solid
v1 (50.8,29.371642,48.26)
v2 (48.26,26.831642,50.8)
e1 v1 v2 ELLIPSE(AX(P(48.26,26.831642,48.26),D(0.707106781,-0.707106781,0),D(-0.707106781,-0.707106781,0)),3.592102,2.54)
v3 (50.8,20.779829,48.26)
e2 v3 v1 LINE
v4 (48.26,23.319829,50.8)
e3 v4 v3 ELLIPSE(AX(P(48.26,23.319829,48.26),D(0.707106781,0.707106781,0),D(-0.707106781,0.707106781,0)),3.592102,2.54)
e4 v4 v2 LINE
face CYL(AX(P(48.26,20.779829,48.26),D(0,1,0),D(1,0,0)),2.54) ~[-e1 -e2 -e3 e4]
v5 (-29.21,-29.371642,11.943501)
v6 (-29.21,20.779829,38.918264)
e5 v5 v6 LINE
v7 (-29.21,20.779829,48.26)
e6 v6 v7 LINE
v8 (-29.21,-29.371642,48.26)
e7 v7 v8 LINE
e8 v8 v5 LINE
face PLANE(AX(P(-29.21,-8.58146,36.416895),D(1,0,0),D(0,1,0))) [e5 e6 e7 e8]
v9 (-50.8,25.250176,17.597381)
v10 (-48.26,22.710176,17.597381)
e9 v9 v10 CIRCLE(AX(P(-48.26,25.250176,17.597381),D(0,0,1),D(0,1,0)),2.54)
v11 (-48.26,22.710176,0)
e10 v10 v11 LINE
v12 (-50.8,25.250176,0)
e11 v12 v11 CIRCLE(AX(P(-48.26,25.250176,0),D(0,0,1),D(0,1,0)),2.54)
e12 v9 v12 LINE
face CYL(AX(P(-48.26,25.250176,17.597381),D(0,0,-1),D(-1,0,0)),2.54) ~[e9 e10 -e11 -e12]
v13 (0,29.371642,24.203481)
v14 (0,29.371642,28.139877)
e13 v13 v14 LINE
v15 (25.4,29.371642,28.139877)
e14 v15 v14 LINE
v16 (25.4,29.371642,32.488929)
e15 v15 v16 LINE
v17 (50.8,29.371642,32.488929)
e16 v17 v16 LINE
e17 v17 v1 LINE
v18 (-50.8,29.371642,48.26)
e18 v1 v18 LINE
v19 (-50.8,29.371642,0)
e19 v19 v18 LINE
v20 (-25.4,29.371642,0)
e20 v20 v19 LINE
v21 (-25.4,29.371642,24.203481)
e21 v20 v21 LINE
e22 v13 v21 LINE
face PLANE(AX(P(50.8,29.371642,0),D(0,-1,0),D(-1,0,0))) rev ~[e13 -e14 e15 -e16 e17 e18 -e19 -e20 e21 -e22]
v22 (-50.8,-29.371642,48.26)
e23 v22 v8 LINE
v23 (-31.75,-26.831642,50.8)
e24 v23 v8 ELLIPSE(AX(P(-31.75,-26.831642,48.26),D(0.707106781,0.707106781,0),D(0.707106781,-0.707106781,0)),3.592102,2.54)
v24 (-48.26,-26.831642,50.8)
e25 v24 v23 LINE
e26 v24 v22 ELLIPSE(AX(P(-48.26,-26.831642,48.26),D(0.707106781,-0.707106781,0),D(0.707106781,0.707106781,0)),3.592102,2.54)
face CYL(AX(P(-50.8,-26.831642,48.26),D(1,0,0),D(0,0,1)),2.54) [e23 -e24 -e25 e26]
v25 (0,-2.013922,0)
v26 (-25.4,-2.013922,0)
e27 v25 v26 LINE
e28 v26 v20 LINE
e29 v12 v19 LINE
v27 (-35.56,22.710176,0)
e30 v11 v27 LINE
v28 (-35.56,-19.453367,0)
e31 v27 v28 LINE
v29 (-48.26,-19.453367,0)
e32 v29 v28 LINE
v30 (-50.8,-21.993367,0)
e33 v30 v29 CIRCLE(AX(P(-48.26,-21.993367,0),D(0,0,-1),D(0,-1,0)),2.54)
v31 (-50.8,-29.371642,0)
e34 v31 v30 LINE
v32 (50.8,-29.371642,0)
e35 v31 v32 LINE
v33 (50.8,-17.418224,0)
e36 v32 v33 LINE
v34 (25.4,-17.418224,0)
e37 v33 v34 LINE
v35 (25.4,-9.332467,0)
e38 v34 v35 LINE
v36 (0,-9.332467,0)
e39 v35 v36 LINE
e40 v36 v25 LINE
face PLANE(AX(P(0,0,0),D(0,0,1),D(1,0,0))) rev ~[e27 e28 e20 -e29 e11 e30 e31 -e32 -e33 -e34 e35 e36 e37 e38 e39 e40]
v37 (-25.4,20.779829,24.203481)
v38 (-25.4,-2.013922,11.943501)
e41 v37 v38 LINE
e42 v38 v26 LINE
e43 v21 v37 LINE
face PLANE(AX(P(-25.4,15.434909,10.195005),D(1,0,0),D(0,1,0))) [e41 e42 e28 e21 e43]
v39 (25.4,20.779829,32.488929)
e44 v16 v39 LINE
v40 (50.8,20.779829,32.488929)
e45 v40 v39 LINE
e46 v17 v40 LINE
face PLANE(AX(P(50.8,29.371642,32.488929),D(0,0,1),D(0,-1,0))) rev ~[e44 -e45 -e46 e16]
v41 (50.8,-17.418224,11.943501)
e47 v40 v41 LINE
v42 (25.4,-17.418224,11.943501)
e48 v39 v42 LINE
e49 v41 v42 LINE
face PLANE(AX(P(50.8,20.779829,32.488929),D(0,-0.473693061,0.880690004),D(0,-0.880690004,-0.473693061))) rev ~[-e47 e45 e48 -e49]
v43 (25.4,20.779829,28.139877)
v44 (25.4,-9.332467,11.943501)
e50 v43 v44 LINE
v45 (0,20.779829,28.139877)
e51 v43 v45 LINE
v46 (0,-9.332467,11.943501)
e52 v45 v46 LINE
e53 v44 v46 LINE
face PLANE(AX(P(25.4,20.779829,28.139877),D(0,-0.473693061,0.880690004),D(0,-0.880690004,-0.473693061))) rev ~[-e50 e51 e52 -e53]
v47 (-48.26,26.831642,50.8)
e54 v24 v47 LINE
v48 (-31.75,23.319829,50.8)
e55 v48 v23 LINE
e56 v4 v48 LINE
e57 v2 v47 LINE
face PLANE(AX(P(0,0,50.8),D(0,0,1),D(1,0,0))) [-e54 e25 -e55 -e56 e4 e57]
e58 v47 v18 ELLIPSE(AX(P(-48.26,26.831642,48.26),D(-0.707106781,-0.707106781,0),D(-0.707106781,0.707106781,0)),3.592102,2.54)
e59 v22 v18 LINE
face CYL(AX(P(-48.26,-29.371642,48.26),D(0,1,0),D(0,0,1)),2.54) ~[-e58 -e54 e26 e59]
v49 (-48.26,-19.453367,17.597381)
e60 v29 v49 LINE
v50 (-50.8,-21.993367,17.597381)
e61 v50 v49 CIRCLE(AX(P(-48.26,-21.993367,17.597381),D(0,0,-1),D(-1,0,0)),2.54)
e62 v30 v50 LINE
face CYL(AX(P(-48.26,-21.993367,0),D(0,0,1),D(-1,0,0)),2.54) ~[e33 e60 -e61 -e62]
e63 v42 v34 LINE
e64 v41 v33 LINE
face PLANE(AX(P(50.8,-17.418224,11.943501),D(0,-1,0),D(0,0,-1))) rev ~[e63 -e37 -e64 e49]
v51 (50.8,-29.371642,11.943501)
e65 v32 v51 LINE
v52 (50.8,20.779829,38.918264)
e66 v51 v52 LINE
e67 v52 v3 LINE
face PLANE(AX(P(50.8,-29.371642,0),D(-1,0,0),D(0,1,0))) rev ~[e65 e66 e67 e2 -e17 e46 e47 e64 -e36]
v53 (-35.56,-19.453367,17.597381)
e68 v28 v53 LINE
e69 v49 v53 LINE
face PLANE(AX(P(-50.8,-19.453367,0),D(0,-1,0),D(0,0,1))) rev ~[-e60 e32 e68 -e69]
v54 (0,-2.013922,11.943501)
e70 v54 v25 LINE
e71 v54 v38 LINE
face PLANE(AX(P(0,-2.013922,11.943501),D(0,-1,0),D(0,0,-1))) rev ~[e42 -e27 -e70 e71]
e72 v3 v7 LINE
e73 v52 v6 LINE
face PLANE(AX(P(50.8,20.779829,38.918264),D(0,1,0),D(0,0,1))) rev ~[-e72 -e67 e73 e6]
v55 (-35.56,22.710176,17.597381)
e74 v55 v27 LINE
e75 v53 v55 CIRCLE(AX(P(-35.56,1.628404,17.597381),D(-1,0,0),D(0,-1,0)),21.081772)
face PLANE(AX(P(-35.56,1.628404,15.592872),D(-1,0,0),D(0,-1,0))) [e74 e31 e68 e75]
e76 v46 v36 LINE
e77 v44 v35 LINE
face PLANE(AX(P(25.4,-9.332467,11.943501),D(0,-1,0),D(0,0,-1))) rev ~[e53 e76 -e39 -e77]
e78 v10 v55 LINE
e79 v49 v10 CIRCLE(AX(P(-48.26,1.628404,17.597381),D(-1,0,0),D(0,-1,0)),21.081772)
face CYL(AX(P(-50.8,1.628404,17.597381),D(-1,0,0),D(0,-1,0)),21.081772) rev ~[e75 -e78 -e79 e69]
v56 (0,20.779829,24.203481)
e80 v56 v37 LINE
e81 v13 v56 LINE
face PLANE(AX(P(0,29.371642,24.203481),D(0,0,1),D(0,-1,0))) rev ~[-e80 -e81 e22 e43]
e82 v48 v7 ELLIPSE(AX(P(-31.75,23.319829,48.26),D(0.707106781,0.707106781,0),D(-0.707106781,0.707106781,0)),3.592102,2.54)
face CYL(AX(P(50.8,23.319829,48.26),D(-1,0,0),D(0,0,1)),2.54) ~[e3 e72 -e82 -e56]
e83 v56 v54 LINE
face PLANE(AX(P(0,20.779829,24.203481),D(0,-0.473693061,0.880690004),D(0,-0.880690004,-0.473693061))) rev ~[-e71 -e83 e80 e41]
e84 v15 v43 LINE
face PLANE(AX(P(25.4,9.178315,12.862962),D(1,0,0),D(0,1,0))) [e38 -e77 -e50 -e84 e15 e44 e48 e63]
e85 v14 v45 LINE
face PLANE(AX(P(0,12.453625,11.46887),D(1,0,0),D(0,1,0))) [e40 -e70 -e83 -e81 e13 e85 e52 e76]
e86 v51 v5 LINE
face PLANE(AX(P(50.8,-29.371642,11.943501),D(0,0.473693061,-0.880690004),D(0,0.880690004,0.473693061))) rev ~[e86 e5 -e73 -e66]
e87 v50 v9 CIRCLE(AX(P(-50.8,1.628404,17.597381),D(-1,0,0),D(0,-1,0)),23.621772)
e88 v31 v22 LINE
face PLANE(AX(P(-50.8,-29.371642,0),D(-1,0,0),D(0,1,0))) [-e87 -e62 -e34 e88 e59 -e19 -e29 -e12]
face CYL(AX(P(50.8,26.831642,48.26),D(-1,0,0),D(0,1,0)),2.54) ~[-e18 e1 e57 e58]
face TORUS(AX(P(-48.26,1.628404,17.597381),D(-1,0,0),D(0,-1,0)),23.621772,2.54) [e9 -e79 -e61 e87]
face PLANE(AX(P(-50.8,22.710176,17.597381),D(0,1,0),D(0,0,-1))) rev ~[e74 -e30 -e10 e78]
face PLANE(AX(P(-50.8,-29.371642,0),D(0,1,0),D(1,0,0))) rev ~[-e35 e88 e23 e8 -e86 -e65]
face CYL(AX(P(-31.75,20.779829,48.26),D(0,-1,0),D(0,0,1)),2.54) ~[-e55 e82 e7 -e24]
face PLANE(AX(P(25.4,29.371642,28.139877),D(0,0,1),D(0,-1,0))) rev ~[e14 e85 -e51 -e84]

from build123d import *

# Parameters (mm, degrees)
F0_W      = 76.2
F0_H      = 58.7432836175
F0_W_2    = 12.7
F1_DEPTH  = 50.8
F3_DEPTH  = 15.24
F5_DEPTH  = 80.01
F7_DEPTH  = 25.4
F8_R      = 2.54
F10_DEPTH = 25.4
F11_W     = 43.6744932085
F11_H     = 27.1944999695
F12_DEPTH = 25.4
F14_DEPTH = 25.4


with BuildPart() as f1:
    # F0 (on Top) → F1 (new body)
    with BuildSketch(Plane.XY):
        Rectangle(F0_W, F0_H)
        with Locations((44.45, 0)):
            Rectangle(F0_W_2, F0_H)
        with Locations((-44.45, 0)):
            Rectangle(F0_W_2, F0_H)
    extrude(amount=F1_DEPTH)

    # F2 (on face) → F3 (cut)
    with BuildSketch(Plane(origin=(-50.8, 0, 0), x_dir=(0, -1, 0), z_dir=(-1, 0, 0))):
        with BuildLine():
            Line((-22.7101761848, 17.5973810256), (-22.7101761848, 0))
            Line((-22.7101761848, 0), (19.4533672184, 0))
            Line((19.4533672184, 0), (19.4533672184, 17.5973810256))
            ThreePointArc((19.4533672184, 17.5973810256), (-1.6284044832, 38.6791527271), (-22.7101761848, 17.5973810256))
        make_face()
    extrude(amount=-F3_DEPTH, mode=Mode.SUBTRACT)

    # F4 (on face) → F5 (cut)
    with BuildSketch(Plane.YZ.offset(50.8)):
        Polygon((-29.3716418087, 50.8), (-29.3716418087, 11.9435014203), (20.7798294723, 38.9182642102), (20.7798294723, 50.8), align=None)
    extrude(amount=-F5_DEPTH, mode=Mode.SUBTRACT)

    # F6 (on face) → F7 (cut)
    with BuildSketch(Plane.YZ.offset(50.8)):
        Polygon((-17.4182243645, 11.9435014203), (-17.4182243645, 0), (20.7798294723, 0), (29.3716418087, 0), (29.3716418087, 32.4889294001), (20.7798294723, 32.4889294001), align=None)
    extrude(amount=-F7_DEPTH, mode=Mode.SUBTRACT)

    # F8
    f8_edges = [f1.edges().sort_by_distance(p)[0] for p in [
        (10.795, 20.779829, 50.8),
        (-29.21, -4.295906, 50.8),
        (-40.005, -29.371642, 50.8),
        (-50.8, 0, 50.8),
        (0, 29.371642, 50.8),
        (50.8, 25.075736, 50.8),
        (-50.8, 1.628404, 38.679153),
    ]]
    fillet(f8_edges, radius=F8_R)

    # F9 (on face) → F10 (cut)
    with BuildSketch(Plane.YZ.offset(25.4)):
        Polygon((-9.3324668705, 11.9435014203), (-9.3324668705, 0), (29.3716418087, 0), (29.3716418087, 28.1398767242), (20.7798294723, 28.1398767242), align=None)
    extrude(amount=-F10_DEPTH, mode=Mode.SUBTRACT)

    # F11 (on Top) → F12 (cut)
    with BuildSketch(Plane.XY):
        with Locations((45.2370969579, 16.5996663272)):
            Rectangle(F11_W, F11_H)
    extrude(amount=-F12_DEPTH, mode=Mode.SUBTRACT)

    # F13 (on face) → F14 (cut)
    with BuildSketch(Plane.YZ):
        Polygon((-2.0139215048, 11.9435014203), (-2.0139215048, 0), (29.3716418087, 0), (29.3716418087, 24.2034812374), (20.7798294723, 24.2034812374), align=None)
    extrude(amount=-F14_DEPTH, mode=Mode.SUBTRACT)


solid = f1.part
